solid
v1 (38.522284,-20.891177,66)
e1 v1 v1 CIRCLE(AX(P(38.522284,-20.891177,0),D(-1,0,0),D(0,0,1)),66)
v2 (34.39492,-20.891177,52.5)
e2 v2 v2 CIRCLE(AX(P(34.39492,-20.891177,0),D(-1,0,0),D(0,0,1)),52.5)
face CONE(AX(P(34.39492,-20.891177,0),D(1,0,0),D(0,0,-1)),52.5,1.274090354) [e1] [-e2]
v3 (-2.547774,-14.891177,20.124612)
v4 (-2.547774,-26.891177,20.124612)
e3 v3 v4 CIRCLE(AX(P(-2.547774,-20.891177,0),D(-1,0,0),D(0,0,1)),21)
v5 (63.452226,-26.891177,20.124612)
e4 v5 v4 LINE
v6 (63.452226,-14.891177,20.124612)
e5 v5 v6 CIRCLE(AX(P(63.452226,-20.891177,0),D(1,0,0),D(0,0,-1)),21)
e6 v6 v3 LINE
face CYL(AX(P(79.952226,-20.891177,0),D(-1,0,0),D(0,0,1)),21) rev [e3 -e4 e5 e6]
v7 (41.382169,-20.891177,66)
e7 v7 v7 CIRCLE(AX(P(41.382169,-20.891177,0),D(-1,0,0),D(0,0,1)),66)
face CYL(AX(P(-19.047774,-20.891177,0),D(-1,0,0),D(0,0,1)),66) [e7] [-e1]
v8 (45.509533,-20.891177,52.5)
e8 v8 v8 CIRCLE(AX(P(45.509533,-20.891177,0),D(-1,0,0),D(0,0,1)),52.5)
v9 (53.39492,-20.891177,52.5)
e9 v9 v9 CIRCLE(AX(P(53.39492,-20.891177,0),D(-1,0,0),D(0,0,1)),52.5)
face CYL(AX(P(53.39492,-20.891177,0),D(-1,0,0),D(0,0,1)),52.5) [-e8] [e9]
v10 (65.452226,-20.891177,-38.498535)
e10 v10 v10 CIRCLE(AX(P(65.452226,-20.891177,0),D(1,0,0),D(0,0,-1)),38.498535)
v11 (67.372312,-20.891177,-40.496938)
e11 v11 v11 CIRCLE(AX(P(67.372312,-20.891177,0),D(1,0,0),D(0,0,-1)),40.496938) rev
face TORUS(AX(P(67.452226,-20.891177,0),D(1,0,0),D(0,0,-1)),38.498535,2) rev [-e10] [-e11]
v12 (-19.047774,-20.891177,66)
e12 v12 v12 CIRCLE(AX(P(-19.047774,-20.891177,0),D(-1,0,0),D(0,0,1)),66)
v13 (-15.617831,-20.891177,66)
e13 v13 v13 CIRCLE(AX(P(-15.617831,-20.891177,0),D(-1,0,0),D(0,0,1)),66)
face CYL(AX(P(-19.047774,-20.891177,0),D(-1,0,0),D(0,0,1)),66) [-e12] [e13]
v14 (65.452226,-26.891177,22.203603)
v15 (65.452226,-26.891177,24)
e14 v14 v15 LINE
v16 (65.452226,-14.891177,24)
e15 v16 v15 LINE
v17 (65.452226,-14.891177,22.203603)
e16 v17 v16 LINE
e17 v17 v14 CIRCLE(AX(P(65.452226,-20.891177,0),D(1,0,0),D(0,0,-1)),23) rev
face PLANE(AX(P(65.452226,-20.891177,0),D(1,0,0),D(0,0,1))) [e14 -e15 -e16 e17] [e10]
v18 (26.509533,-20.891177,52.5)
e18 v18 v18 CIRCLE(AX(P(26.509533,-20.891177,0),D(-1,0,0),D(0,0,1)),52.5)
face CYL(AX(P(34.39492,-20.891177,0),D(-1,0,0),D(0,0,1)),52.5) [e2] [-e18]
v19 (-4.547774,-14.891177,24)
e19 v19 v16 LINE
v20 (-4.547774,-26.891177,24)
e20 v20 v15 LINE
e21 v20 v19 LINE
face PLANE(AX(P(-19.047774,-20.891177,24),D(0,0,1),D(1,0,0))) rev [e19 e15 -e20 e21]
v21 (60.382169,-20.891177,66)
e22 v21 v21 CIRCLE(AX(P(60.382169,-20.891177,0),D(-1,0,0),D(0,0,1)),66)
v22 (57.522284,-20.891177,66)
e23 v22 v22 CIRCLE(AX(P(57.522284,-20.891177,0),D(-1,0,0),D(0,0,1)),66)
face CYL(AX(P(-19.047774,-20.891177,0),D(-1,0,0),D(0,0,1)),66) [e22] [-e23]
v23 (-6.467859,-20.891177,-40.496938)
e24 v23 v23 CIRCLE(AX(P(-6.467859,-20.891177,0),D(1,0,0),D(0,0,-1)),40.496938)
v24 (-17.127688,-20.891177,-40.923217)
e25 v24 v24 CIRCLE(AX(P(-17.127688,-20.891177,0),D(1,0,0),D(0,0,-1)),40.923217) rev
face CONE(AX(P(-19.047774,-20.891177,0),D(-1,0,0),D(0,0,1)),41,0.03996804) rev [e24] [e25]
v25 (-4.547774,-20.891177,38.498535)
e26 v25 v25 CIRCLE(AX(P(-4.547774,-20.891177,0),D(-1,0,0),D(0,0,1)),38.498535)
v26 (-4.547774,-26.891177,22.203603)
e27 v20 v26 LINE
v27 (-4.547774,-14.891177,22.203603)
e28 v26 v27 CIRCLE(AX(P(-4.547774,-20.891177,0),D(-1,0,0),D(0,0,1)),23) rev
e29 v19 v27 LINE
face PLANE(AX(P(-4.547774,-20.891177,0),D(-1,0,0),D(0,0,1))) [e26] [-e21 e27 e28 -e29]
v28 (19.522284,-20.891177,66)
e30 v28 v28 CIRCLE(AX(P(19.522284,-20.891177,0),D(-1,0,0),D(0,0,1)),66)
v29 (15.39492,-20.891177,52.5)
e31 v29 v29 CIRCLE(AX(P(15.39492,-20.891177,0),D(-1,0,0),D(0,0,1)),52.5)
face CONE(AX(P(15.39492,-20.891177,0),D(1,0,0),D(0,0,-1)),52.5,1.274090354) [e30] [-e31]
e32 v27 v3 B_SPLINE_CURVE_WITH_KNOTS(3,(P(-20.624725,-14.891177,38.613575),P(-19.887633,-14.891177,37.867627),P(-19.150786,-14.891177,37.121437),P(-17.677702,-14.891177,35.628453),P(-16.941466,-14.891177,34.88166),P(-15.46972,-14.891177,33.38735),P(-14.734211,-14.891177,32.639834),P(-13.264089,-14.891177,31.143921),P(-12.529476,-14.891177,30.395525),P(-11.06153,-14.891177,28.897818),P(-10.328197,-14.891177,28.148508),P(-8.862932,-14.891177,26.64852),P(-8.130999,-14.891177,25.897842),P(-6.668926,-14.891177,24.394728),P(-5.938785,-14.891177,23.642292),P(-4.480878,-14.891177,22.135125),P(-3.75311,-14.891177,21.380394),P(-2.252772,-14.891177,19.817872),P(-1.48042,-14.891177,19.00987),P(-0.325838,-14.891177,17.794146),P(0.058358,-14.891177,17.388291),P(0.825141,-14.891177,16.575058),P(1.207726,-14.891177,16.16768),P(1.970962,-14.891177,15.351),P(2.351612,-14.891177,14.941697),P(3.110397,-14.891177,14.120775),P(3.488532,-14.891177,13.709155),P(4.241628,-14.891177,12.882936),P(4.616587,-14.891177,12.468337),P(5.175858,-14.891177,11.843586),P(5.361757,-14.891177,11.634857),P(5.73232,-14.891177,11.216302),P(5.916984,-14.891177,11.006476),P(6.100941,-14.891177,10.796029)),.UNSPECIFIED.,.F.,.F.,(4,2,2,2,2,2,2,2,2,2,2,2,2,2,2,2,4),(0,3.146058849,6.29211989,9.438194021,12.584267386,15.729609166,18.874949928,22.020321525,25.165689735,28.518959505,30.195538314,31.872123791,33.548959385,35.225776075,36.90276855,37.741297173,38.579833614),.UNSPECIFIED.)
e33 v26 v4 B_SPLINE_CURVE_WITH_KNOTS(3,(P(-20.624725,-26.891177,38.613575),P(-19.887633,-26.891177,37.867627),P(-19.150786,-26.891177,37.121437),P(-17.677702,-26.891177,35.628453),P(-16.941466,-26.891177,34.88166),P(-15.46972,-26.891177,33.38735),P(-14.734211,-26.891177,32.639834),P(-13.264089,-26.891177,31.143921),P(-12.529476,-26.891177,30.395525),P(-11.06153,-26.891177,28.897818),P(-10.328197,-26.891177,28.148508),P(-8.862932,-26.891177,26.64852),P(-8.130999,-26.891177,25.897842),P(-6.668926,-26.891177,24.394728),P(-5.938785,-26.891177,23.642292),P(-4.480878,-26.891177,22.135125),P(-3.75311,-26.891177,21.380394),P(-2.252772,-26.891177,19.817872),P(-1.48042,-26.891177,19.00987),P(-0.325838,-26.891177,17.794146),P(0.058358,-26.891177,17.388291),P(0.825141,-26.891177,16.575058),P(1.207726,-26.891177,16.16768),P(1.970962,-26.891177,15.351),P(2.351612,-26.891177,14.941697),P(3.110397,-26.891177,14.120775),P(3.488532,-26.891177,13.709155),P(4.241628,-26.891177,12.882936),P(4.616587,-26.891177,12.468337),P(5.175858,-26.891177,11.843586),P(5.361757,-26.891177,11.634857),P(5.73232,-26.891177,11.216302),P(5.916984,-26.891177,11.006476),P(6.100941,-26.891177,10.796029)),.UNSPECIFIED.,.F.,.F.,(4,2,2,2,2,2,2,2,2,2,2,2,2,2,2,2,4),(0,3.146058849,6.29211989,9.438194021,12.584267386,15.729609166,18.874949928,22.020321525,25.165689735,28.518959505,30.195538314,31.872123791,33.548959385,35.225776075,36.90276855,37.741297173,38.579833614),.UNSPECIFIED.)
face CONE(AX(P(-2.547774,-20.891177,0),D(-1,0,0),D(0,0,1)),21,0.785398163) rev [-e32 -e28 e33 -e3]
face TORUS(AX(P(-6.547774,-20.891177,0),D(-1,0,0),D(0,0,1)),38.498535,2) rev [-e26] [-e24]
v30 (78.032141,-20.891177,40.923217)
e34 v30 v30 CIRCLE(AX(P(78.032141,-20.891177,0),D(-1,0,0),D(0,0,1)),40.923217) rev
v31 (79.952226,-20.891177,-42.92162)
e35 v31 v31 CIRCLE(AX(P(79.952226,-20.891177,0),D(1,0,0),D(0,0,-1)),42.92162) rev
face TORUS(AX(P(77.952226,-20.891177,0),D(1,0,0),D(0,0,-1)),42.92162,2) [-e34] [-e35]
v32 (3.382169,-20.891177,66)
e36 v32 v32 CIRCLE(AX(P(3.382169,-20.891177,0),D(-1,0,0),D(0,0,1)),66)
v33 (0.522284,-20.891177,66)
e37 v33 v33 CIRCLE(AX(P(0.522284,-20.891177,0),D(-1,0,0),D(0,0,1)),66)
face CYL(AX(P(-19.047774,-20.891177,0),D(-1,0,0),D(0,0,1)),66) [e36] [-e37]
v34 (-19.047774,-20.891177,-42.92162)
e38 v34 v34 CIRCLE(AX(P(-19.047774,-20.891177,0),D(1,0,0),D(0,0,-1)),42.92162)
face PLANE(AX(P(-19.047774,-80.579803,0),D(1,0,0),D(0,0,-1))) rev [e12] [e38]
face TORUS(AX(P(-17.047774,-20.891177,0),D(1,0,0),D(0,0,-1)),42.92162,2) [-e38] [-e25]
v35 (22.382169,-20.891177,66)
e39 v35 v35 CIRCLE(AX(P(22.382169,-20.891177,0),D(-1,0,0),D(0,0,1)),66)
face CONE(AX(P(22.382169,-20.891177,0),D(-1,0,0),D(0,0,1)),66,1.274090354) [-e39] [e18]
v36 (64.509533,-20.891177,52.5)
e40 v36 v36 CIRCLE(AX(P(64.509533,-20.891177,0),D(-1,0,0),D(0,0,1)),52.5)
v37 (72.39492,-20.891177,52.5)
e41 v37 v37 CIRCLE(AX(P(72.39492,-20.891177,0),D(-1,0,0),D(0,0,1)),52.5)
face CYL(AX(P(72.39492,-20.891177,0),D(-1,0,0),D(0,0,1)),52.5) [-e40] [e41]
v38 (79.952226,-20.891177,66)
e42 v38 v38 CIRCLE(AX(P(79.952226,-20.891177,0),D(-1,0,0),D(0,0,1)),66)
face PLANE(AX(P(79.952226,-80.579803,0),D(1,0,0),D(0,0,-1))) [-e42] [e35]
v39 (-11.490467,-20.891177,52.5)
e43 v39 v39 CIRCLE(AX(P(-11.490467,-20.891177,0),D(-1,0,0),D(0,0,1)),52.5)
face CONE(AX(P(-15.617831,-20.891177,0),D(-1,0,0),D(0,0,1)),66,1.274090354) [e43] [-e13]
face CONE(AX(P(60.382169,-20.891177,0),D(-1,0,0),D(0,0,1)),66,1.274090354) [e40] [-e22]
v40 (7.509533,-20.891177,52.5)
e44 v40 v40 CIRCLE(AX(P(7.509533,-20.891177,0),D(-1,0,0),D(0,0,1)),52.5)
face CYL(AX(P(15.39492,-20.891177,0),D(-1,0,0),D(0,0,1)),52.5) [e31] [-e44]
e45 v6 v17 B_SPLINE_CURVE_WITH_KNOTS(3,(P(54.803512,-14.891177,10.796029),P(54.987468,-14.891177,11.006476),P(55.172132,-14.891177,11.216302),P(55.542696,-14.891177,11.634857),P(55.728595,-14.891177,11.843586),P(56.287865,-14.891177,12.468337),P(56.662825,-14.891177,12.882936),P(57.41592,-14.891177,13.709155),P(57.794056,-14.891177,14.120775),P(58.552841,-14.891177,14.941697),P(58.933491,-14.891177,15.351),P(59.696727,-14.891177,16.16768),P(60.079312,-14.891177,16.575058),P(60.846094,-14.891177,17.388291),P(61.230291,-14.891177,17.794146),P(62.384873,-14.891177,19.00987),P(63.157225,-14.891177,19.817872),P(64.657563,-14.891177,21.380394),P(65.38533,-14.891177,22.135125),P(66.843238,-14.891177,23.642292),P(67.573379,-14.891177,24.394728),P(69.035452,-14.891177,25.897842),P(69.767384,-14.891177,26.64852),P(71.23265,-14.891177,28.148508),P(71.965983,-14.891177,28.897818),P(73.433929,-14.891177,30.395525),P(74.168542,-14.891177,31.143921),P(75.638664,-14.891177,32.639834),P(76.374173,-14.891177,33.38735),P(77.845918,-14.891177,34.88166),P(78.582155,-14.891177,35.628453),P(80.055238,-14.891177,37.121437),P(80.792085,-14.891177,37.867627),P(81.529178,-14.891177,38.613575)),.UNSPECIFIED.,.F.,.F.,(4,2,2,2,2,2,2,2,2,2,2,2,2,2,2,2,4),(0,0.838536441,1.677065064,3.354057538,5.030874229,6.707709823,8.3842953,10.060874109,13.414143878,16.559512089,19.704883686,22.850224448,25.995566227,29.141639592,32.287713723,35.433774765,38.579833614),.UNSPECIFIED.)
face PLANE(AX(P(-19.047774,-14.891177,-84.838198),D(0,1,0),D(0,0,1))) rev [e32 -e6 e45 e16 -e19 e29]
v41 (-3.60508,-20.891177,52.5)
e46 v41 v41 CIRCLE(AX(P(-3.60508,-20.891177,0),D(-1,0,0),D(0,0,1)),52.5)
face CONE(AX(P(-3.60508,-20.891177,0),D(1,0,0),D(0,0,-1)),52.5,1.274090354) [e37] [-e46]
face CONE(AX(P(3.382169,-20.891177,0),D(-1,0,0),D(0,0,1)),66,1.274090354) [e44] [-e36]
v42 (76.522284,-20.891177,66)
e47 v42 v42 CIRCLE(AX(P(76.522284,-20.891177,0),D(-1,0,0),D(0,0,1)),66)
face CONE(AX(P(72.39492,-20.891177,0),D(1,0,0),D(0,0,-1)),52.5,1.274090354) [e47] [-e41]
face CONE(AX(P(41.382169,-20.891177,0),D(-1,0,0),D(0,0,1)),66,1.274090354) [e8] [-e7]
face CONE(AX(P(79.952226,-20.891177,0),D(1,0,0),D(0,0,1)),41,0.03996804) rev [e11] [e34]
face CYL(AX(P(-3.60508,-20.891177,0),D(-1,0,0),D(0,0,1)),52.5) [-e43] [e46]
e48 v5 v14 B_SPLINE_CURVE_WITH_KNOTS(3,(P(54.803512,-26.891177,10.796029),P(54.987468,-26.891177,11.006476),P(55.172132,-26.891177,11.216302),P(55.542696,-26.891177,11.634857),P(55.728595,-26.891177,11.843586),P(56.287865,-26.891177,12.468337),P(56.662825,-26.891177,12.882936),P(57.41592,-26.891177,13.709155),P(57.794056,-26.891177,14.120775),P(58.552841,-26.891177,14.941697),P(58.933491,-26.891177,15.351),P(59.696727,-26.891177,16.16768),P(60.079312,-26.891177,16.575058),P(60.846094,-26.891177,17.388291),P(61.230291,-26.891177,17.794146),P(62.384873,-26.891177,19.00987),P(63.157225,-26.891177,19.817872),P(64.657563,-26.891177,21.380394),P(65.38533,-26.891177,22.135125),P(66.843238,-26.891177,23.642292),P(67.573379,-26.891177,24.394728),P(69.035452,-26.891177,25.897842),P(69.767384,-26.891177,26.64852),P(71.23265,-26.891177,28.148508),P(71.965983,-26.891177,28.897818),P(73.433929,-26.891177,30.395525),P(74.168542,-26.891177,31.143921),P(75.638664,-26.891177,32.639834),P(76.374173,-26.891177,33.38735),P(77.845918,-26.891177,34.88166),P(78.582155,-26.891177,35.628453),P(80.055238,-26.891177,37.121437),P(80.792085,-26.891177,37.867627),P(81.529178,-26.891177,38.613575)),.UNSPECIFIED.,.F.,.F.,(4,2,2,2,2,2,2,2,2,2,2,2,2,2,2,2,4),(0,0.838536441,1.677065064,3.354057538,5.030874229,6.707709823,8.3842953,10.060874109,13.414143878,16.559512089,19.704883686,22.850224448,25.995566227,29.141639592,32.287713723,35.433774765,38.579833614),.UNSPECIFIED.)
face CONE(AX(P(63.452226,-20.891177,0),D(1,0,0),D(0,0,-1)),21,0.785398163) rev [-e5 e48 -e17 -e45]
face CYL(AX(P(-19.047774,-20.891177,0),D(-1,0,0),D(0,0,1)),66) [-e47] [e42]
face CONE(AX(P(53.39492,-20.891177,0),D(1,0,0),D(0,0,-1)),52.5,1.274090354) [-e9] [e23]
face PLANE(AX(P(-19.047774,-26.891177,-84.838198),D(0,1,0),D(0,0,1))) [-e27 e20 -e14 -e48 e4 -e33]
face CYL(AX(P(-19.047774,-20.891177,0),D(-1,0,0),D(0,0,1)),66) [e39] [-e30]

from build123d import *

# Parameters (mm, degrees)
SKETCH_1_W               = 99
SKETCH_1_H               = 66
SKETCH_2_R               = 41
CUT_EXTRUDE_1_DEPTH      = 14.5
CUT_EXTRUDE_1_DRAFT      = -2.29
MIRROR_1_COPY_1_SKETCH_R = 41
MIRROR_1_COPY_1_DEPTH    = 14.5
MIRROR_1_COPY_1_DRAFT    = -2.29
FILLET_1_R               = 2
PATTERN_LINEAR_1_COUNT   = 3
PATTERN_LINEAR_1_PITCH   = 19
PATTERN_LINEAR_2_COUNT   = 2
PATTERN_LINEAR_2_PITCH   = 57
PATTERN_LINEAR_3_COUNT   = 2
PATTERN_LINEAR_3_PITCH   = 76
SKETCH_5_R               = 21
CUT_EXTRUDE_2_DEPTH      = 139.008429752
CHAMFER_1_SIZE           = 2
SKETCH_6_W               = 24
SKETCH_6_H               = 12
CUT_EXTRUDE_3_DEPTH      = 139.008429752


with BuildPart() as part:
    # 草图1 → 旋转1 (revolve)
    with BuildSketch(Plane.XY):
        with Locations((30.45222636, 12.108822758)):
            Rectangle(SKETCH_1_W, SKETCH_1_H)
    revolve(axis=Axis((-19.04777364, -20.891177242, 0), (1, 0, 0)))


with BuildPart() as cut_extrude_1_tool:
    # 草图2 → 切除-拉伸1 (with draft: the straight prism first)
    with BuildSketch(Plane.ZY.offset(19.04777364)):
        with Locations((0, -20.891177242)):
            Circle(SKETCH_2_R)
    extrude(amount=-CUT_EXTRUDE_1_DEPTH)
    # 切除-拉伸1: the draft: its side faces are tilted about the plane it starts from
    cut_extrude_1_sides = [cut_extrude_1_tool.faces().sort_by_distance(p)[0] for p in [
        (-11.79777364, -20.891177242, -41),
    ]]
    draft(cut_extrude_1_sides, Plane.ZY.offset(19.04777364), CUT_EXTRUDE_1_DRAFT)


with BuildPart() as part_1:
    add(part.part)

    # 切除-拉伸1: cut by cut_extrude_1_tool
    add(cut_extrude_1_tool.part, mode=Mode.SUBTRACT)


with BuildPart() as mirror_1_copy_1_tool:
    # 镜向1 copy 1 sketch → 镜向1 copy 1 (with draft: the straight prism first)
    with BuildSketch(Plane(origin=(79.95222636, 0, 0), x_dir=(0, 0, 1), z_dir=(1, 0, 0))):
        with Locations((0, 20.891177242)):
            Circle(MIRROR_1_COPY_1_SKETCH_R)
    extrude(amount=-MIRROR_1_COPY_1_DEPTH)
    # 镜向1 copy 1: the draft: its side faces are tilted about the plane it starts from
    mirror_1_copy_1_sides = [mirror_1_copy_1_tool.faces().sort_by_distance(p)[0] for p in [
        (72.70222636, -20.891177242, -41),
    ]]
    draft(mirror_1_copy_1_sides, Plane(origin=(79.95222636, 0, 0), x_dir=(0, 0, 1), z_dir=(1, 0, 0)), MIRROR_1_COPY_1_DRAFT)


with BuildPart() as part_2:
    add(part_1.part)

    # 镜向1 copy 1: cut by mirror_1_copy_1_tool
    add(mirror_1_copy_1_tool.part, mode=Mode.SUBTRACT)

    # 圆角1
    fillet_1_edges = [part_2.edges().sort_by_distance(p)[0] for p in [
        (-4.54777364, -20.891177242, -40.420154632),
        (-19.04777364, -20.891177242, -41),
        (65.45222636, -20.891177242, -40.420154632),
        (79.95222636, -20.891177242, -41),
    ]]
    fillet(fillet_1_edges, radius=FILLET_1_R)

    # 切除-扫描1: sweep along a path in 草图4
    with BuildLine(Plane(origin=(72.394919545, 31.608822758, 0), x_dir=(0, 0, -1), z_dir=(1, 0, 0))) as sweep_1_path:
        CenterArc((0, -52.5), 52.5, 0, 360)
    # 草图3 → 切除-扫描1 (sweep, cut)
    with BuildSketch(Plane.XY):
        Polygon((64.509533174, 31.608822758), (72.394919545, 31.608822758), (76.522283745, 45.108822758), (60.382168975, 45.108822758), align=None)
    sweep_1 = sweep(path=sweep_1_path.line, mode=Mode.SUBTRACT)

    # 阵列(线性)1: 切除-扫描1 ×3
    with Locations(*[(-i * PATTERN_LINEAR_1_PITCH, 0, 0) for i in range(1, PATTERN_LINEAR_1_COUNT)]):
        add(sweep_1, mode=Mode.SUBTRACT)

    # 阵列(线性)2: 切除-扫描1 ×2
    with Locations(*[(-i * PATTERN_LINEAR_2_PITCH, 0, 0) for i in range(1, PATTERN_LINEAR_2_COUNT)]):
        add(sweep_1, mode=Mode.SUBTRACT)

    # 阵列(线性)3: 切除-扫描1 ×2
    with Locations(*[(-i * PATTERN_LINEAR_3_PITCH, 0, 0) for i in range(1, PATTERN_LINEAR_3_COUNT)]):
        add(sweep_1, mode=Mode.SUBTRACT)

    # 草图5 → 切除-拉伸2 (cut, through all)
    with BuildSketch(Plane.ZY.offset(4.54777364)):
        with Locations((0, -20.891177242)):
            Circle(SKETCH_5_R)
    extrude(amount=-CUT_EXTRUDE_2_DEPTH, mode=Mode.SUBTRACT)

    # 倒角1
    chamfer_1_edges = [part_2.edges().sort_by_distance(p)[0] for p in [
        (65.45222636, -20.891177242, -21),
        (-4.54777364, -20.891177242, -21),
    ]]
    chamfer(chamfer_1_edges, length=CHAMFER_1_SIZE)

    # 草图6 → 切除-拉伸3 (cut, through all)
    with BuildSketch(Plane(origin=(65.45222636, 0, 0), x_dir=(0, 0, -1), z_dir=(1, 0, 0))):
        with Locations((-12, -20.891177242)):
            Rectangle(SKETCH_6_W, SKETCH_6_H)
    extrude(amount=-CUT_EXTRUDE_3_DEPTH, mode=Mode.SUBTRACT)


solid = part_2.part
